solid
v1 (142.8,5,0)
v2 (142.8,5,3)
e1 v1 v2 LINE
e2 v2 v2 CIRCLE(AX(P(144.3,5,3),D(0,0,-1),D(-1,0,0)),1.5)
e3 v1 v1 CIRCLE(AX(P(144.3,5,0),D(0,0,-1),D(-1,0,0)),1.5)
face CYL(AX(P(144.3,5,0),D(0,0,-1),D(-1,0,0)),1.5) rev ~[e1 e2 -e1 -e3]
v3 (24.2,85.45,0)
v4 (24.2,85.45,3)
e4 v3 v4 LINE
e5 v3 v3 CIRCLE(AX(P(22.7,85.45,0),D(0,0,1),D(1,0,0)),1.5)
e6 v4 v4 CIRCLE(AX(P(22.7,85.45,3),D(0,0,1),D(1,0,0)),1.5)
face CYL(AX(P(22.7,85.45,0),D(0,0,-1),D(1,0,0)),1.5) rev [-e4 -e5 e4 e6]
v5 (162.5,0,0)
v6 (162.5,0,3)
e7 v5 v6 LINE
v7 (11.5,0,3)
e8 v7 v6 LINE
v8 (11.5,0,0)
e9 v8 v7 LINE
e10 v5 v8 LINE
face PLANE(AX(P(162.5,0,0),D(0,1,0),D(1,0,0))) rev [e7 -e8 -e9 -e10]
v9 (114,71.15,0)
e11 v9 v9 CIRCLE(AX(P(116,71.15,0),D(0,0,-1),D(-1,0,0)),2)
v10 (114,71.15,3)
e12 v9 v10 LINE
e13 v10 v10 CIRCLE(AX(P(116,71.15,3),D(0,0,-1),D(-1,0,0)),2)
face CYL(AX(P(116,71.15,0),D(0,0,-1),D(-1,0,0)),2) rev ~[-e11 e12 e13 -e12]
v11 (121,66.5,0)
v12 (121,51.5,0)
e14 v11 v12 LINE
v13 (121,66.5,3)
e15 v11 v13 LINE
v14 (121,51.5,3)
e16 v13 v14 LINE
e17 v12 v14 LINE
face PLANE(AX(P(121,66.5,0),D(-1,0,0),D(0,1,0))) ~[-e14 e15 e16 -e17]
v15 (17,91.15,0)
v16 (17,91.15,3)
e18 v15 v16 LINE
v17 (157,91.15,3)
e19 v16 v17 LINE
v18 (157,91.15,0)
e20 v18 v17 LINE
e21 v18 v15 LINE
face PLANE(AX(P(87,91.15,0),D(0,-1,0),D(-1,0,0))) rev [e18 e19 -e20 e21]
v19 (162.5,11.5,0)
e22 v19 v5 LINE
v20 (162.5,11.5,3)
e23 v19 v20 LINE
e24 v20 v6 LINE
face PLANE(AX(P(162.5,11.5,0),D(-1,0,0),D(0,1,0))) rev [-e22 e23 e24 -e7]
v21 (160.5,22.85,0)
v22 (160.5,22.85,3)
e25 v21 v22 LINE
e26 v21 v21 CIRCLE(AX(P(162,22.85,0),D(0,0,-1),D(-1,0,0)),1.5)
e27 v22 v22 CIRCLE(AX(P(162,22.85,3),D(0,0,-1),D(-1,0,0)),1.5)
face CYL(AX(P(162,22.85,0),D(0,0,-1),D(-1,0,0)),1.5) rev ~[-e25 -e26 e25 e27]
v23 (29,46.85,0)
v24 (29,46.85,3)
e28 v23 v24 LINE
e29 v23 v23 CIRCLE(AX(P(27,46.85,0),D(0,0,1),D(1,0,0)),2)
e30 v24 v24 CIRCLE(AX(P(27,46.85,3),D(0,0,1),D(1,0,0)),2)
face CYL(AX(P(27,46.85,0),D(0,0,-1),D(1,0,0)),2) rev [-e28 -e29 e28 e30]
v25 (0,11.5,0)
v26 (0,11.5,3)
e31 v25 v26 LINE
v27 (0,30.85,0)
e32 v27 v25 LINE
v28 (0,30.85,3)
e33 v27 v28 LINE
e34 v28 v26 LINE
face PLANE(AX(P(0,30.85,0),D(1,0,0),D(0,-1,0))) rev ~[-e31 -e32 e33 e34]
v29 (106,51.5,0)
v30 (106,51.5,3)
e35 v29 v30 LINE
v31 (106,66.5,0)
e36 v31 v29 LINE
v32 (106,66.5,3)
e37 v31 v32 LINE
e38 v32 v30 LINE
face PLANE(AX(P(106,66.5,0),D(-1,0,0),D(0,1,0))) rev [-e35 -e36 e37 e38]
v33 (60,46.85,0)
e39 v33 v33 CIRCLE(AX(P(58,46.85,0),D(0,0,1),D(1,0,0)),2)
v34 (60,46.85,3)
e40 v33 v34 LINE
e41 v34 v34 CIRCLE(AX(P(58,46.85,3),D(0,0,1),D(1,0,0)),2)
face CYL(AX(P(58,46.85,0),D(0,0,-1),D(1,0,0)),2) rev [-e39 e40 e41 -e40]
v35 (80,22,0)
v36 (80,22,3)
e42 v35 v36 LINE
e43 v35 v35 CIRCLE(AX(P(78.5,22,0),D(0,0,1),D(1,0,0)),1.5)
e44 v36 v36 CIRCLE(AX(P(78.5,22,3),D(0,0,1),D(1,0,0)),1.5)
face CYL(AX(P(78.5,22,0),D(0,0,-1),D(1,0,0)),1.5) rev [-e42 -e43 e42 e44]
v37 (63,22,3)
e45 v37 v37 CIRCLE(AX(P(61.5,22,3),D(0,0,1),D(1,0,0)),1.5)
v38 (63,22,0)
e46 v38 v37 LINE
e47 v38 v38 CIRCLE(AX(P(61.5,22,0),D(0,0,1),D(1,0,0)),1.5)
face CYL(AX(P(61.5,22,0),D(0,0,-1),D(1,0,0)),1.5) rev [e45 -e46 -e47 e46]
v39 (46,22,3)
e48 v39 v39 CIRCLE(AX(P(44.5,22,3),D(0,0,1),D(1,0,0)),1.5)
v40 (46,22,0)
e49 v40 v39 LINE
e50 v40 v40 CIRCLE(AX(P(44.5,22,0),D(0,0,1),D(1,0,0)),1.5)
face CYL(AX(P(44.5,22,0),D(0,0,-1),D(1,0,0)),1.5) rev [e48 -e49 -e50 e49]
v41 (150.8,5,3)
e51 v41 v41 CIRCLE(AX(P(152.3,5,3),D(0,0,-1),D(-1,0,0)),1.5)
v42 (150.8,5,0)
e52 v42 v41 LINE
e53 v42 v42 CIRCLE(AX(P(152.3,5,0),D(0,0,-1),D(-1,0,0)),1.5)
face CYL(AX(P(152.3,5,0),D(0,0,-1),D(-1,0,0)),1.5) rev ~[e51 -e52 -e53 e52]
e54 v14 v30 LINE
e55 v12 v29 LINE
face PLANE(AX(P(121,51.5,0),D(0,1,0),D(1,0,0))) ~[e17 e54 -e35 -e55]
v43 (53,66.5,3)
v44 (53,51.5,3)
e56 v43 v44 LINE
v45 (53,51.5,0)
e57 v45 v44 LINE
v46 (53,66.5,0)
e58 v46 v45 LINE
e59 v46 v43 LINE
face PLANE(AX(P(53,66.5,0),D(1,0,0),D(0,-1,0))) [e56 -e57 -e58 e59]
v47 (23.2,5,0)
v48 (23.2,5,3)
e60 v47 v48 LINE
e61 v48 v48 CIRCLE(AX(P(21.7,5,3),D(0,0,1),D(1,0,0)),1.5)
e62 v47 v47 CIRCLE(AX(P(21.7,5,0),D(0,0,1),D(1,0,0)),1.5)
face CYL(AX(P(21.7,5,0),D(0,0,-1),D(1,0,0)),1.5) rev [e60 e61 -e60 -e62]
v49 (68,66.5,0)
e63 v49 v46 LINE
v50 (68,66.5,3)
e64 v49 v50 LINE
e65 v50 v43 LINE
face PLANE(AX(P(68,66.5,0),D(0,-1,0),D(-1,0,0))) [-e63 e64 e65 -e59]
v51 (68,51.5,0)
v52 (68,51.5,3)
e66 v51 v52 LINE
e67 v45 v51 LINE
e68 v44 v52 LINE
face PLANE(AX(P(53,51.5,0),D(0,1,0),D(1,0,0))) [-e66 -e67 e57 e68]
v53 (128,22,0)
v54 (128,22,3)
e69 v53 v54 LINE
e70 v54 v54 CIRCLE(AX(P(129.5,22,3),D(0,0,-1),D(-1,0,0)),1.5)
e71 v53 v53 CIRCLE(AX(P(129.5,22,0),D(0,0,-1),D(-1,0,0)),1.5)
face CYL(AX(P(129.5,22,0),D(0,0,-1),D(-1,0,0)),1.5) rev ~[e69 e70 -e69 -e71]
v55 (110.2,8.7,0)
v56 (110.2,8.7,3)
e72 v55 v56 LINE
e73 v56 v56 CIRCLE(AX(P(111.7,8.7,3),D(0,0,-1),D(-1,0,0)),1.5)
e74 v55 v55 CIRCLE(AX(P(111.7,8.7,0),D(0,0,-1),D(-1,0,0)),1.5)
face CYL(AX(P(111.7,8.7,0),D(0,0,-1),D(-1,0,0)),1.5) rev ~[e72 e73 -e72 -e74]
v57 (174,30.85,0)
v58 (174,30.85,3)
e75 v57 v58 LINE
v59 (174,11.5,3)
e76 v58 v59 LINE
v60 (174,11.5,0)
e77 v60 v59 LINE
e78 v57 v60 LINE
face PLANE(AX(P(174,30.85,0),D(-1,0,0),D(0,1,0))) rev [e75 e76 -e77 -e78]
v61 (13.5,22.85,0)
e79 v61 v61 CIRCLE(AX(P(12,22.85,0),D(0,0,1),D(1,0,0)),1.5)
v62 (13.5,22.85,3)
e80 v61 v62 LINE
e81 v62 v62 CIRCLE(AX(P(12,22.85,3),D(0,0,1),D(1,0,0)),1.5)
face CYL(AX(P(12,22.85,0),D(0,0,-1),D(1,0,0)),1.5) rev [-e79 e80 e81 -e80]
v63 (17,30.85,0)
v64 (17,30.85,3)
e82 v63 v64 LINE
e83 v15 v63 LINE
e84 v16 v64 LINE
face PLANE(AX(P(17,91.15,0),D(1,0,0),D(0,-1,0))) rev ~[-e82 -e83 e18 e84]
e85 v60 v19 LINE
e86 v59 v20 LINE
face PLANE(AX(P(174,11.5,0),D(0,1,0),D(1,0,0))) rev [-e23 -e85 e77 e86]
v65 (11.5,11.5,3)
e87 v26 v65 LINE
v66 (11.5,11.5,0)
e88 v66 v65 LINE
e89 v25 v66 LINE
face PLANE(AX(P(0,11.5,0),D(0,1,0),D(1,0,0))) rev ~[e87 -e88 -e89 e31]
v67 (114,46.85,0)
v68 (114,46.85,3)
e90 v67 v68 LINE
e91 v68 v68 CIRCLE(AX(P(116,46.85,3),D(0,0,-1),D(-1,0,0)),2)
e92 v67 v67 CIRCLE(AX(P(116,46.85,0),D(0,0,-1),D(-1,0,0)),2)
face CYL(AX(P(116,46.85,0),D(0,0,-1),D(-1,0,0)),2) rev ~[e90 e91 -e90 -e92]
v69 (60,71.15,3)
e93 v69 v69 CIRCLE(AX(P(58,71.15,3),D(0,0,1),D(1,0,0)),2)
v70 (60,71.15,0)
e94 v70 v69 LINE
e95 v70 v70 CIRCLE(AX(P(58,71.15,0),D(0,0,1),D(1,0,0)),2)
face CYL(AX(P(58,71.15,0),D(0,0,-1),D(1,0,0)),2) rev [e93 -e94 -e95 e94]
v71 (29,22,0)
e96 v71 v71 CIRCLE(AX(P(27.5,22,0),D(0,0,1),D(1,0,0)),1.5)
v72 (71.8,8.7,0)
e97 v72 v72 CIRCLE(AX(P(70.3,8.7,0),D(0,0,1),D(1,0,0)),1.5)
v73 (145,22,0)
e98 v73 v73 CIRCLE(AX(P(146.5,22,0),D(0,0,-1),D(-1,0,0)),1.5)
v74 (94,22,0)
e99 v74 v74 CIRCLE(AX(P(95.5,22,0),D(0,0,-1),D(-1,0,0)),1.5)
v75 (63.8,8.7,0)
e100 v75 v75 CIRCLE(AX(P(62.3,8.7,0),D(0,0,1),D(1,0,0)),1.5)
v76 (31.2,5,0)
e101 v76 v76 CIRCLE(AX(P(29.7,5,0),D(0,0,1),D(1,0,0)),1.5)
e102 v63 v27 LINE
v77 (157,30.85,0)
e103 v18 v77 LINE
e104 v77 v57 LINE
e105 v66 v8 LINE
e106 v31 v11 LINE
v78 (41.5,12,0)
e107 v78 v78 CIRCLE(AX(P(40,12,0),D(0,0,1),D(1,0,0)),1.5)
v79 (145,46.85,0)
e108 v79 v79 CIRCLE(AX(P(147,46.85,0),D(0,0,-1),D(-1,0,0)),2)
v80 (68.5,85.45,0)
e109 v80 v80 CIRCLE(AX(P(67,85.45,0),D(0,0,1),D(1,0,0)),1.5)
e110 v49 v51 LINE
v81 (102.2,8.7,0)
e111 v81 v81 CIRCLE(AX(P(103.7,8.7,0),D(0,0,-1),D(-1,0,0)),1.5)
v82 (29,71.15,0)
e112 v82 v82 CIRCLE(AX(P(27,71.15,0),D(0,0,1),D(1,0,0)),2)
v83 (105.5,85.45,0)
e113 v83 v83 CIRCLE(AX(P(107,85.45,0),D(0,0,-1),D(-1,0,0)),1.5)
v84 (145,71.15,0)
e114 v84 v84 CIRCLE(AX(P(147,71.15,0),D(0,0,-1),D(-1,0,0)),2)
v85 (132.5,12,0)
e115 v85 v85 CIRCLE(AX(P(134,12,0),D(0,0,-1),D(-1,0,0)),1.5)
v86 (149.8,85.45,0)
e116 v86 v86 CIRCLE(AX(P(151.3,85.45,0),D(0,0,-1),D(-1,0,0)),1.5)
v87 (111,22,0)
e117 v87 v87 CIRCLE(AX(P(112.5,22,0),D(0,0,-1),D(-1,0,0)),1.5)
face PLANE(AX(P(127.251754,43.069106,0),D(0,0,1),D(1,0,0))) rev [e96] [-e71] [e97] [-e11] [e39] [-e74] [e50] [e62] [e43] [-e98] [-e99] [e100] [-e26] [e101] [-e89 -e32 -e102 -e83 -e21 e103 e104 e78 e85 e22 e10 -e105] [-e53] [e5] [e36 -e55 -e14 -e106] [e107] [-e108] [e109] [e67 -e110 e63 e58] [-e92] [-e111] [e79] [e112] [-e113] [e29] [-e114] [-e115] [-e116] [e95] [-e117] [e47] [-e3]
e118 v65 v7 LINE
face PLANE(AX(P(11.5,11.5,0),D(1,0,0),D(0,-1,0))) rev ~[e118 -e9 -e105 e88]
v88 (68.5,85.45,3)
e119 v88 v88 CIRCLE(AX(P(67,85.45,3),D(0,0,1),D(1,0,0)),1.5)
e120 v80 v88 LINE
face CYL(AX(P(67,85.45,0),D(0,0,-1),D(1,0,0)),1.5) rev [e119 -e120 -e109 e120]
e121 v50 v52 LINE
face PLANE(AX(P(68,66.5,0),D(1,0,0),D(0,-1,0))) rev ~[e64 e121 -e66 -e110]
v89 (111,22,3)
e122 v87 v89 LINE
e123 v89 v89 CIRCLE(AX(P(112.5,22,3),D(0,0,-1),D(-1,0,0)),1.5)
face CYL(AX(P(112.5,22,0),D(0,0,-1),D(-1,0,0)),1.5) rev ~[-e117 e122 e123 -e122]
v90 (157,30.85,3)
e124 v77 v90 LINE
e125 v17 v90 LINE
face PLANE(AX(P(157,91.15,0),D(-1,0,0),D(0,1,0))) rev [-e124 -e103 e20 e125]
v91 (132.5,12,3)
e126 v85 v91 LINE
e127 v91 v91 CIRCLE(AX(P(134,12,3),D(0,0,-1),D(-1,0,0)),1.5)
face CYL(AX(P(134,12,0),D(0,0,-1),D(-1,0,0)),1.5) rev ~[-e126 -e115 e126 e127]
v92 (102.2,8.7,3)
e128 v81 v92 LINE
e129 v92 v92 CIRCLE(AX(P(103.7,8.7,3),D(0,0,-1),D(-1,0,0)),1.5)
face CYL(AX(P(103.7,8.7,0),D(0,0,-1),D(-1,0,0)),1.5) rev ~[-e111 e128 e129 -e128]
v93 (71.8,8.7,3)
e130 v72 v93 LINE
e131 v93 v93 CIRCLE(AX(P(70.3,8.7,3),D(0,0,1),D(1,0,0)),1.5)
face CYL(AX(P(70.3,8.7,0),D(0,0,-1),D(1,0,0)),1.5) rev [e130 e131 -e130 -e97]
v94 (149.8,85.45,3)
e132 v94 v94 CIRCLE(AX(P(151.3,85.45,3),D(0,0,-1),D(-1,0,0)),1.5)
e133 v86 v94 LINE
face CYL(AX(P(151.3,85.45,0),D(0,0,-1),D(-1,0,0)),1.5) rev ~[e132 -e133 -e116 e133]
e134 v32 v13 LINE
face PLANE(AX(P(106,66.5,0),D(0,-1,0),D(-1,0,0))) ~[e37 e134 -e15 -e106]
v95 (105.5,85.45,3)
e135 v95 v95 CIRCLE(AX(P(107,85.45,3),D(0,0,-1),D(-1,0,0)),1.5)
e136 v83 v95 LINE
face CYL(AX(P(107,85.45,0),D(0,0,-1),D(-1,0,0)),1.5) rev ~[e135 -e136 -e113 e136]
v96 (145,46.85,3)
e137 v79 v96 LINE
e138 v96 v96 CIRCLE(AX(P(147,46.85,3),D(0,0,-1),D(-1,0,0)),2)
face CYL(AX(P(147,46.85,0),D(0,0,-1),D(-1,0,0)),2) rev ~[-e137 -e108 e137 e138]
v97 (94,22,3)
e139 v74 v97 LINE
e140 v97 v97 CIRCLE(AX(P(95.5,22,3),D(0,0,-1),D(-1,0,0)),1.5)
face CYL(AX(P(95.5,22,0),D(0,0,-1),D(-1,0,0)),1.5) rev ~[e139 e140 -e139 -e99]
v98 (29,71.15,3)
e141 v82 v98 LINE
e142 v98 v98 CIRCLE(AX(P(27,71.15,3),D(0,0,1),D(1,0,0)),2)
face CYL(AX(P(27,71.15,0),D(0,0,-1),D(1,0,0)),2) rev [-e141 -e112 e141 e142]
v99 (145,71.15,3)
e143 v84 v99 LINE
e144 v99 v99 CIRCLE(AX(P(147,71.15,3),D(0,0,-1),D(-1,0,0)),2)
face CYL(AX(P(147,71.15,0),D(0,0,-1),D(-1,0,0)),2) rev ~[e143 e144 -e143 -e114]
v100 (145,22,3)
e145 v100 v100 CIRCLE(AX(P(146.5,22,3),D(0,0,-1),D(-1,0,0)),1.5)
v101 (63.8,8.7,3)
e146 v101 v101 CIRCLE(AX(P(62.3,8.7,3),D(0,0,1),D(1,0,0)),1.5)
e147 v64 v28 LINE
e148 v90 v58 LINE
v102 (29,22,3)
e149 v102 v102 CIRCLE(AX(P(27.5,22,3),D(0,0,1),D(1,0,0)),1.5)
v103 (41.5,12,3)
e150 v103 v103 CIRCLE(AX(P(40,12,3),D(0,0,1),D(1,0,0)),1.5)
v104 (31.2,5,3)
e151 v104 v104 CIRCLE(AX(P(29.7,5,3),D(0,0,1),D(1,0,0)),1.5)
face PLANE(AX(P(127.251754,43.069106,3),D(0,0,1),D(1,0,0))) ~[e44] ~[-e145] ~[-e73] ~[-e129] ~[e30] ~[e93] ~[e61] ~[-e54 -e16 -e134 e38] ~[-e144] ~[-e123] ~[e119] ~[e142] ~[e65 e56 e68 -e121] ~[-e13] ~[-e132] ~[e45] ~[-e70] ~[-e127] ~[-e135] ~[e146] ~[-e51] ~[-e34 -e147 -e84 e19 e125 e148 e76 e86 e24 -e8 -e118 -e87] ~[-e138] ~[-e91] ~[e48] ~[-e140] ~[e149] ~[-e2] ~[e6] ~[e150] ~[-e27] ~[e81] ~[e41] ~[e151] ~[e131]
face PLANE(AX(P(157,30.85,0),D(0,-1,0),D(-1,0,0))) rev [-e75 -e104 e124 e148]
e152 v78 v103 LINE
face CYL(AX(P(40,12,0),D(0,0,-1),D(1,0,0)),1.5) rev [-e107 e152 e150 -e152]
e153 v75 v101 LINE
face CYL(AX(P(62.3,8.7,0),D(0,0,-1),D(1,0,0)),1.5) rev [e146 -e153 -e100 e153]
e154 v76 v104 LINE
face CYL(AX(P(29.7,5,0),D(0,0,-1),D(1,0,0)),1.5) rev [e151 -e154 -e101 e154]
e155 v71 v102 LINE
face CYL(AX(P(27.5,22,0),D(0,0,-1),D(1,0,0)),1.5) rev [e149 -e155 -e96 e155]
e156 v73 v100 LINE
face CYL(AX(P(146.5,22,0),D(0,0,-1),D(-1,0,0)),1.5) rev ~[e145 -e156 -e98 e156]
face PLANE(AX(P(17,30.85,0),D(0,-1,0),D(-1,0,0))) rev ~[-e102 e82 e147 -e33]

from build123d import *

# Parameters (mm, degrees)
SKETCH_R   = 2
SKETCH_R_2 = 1.5
PAD_DEPTH  = 3


with BuildPart() as part:
    # Sketch → Pad (new body)
    with BuildSketch(Plane.XY):
        Polygon((87, 0), (87, 91.15), (17, 91.15), (17, 30.85), (0, 30.85), (0, 11.5), (11.5, 11.5), (11.5, 0), align=None)
        with Locations((27, 71.15)):
            Circle(SKETCH_R, mode=Mode.SUBTRACT)
        with Locations((58, 71.15)):
            Circle(SKETCH_R, mode=Mode.SUBTRACT)
        with Locations((58, 46.85)):
            Circle(SKETCH_R, mode=Mode.SUBTRACT)
        with Locations((27, 46.85)):
            Circle(SKETCH_R, mode=Mode.SUBTRACT)
        with Locations((21.7, 5)):
            Circle(SKETCH_R_2, mode=Mode.SUBTRACT)
        with Locations((29.7, 5)):
            Circle(SKETCH_R_2, mode=Mode.SUBTRACT)
        with Locations((70.3, 8.7)):
            Circle(SKETCH_R_2, mode=Mode.SUBTRACT)
        with Locations((62.3, 8.7)):
            Circle(SKETCH_R_2, mode=Mode.SUBTRACT)
        with Locations((22.7, 85.45)):
            Circle(SKETCH_R_2, mode=Mode.SUBTRACT)
        with Locations((67, 85.45)):
            Circle(SKETCH_R_2, mode=Mode.SUBTRACT)
        with Locations((27.5, 22)):
            Circle(SKETCH_R_2, mode=Mode.SUBTRACT)
        with Locations((44.5, 22)):
            Circle(SKETCH_R_2, mode=Mode.SUBTRACT)
        with Locations((61.5, 22)):
            Circle(SKETCH_R_2, mode=Mode.SUBTRACT)
        with Locations((78.5, 22)):
            Circle(SKETCH_R_2, mode=Mode.SUBTRACT)
        with Locations((12, 22.85)):
            Circle(SKETCH_R_2, mode=Mode.SUBTRACT)
        with Locations((40, 12)):
            Circle(SKETCH_R_2, mode=Mode.SUBTRACT)
        Polygon((68, 59), (68, 66.5), (53, 66.5), (53, 51.5), (68, 51.5), align=None, mode=Mode.SUBTRACT)
    pad = extrude(amount=PAD_DEPTH)

    # Mirrored: Pad across face of Pad
    add(pad.mirror(Plane(origin=(87, 45.575, 1.5), x_dir=(0, 1, 0), z_dir=(1, 0, 0))))


solid = part.part
